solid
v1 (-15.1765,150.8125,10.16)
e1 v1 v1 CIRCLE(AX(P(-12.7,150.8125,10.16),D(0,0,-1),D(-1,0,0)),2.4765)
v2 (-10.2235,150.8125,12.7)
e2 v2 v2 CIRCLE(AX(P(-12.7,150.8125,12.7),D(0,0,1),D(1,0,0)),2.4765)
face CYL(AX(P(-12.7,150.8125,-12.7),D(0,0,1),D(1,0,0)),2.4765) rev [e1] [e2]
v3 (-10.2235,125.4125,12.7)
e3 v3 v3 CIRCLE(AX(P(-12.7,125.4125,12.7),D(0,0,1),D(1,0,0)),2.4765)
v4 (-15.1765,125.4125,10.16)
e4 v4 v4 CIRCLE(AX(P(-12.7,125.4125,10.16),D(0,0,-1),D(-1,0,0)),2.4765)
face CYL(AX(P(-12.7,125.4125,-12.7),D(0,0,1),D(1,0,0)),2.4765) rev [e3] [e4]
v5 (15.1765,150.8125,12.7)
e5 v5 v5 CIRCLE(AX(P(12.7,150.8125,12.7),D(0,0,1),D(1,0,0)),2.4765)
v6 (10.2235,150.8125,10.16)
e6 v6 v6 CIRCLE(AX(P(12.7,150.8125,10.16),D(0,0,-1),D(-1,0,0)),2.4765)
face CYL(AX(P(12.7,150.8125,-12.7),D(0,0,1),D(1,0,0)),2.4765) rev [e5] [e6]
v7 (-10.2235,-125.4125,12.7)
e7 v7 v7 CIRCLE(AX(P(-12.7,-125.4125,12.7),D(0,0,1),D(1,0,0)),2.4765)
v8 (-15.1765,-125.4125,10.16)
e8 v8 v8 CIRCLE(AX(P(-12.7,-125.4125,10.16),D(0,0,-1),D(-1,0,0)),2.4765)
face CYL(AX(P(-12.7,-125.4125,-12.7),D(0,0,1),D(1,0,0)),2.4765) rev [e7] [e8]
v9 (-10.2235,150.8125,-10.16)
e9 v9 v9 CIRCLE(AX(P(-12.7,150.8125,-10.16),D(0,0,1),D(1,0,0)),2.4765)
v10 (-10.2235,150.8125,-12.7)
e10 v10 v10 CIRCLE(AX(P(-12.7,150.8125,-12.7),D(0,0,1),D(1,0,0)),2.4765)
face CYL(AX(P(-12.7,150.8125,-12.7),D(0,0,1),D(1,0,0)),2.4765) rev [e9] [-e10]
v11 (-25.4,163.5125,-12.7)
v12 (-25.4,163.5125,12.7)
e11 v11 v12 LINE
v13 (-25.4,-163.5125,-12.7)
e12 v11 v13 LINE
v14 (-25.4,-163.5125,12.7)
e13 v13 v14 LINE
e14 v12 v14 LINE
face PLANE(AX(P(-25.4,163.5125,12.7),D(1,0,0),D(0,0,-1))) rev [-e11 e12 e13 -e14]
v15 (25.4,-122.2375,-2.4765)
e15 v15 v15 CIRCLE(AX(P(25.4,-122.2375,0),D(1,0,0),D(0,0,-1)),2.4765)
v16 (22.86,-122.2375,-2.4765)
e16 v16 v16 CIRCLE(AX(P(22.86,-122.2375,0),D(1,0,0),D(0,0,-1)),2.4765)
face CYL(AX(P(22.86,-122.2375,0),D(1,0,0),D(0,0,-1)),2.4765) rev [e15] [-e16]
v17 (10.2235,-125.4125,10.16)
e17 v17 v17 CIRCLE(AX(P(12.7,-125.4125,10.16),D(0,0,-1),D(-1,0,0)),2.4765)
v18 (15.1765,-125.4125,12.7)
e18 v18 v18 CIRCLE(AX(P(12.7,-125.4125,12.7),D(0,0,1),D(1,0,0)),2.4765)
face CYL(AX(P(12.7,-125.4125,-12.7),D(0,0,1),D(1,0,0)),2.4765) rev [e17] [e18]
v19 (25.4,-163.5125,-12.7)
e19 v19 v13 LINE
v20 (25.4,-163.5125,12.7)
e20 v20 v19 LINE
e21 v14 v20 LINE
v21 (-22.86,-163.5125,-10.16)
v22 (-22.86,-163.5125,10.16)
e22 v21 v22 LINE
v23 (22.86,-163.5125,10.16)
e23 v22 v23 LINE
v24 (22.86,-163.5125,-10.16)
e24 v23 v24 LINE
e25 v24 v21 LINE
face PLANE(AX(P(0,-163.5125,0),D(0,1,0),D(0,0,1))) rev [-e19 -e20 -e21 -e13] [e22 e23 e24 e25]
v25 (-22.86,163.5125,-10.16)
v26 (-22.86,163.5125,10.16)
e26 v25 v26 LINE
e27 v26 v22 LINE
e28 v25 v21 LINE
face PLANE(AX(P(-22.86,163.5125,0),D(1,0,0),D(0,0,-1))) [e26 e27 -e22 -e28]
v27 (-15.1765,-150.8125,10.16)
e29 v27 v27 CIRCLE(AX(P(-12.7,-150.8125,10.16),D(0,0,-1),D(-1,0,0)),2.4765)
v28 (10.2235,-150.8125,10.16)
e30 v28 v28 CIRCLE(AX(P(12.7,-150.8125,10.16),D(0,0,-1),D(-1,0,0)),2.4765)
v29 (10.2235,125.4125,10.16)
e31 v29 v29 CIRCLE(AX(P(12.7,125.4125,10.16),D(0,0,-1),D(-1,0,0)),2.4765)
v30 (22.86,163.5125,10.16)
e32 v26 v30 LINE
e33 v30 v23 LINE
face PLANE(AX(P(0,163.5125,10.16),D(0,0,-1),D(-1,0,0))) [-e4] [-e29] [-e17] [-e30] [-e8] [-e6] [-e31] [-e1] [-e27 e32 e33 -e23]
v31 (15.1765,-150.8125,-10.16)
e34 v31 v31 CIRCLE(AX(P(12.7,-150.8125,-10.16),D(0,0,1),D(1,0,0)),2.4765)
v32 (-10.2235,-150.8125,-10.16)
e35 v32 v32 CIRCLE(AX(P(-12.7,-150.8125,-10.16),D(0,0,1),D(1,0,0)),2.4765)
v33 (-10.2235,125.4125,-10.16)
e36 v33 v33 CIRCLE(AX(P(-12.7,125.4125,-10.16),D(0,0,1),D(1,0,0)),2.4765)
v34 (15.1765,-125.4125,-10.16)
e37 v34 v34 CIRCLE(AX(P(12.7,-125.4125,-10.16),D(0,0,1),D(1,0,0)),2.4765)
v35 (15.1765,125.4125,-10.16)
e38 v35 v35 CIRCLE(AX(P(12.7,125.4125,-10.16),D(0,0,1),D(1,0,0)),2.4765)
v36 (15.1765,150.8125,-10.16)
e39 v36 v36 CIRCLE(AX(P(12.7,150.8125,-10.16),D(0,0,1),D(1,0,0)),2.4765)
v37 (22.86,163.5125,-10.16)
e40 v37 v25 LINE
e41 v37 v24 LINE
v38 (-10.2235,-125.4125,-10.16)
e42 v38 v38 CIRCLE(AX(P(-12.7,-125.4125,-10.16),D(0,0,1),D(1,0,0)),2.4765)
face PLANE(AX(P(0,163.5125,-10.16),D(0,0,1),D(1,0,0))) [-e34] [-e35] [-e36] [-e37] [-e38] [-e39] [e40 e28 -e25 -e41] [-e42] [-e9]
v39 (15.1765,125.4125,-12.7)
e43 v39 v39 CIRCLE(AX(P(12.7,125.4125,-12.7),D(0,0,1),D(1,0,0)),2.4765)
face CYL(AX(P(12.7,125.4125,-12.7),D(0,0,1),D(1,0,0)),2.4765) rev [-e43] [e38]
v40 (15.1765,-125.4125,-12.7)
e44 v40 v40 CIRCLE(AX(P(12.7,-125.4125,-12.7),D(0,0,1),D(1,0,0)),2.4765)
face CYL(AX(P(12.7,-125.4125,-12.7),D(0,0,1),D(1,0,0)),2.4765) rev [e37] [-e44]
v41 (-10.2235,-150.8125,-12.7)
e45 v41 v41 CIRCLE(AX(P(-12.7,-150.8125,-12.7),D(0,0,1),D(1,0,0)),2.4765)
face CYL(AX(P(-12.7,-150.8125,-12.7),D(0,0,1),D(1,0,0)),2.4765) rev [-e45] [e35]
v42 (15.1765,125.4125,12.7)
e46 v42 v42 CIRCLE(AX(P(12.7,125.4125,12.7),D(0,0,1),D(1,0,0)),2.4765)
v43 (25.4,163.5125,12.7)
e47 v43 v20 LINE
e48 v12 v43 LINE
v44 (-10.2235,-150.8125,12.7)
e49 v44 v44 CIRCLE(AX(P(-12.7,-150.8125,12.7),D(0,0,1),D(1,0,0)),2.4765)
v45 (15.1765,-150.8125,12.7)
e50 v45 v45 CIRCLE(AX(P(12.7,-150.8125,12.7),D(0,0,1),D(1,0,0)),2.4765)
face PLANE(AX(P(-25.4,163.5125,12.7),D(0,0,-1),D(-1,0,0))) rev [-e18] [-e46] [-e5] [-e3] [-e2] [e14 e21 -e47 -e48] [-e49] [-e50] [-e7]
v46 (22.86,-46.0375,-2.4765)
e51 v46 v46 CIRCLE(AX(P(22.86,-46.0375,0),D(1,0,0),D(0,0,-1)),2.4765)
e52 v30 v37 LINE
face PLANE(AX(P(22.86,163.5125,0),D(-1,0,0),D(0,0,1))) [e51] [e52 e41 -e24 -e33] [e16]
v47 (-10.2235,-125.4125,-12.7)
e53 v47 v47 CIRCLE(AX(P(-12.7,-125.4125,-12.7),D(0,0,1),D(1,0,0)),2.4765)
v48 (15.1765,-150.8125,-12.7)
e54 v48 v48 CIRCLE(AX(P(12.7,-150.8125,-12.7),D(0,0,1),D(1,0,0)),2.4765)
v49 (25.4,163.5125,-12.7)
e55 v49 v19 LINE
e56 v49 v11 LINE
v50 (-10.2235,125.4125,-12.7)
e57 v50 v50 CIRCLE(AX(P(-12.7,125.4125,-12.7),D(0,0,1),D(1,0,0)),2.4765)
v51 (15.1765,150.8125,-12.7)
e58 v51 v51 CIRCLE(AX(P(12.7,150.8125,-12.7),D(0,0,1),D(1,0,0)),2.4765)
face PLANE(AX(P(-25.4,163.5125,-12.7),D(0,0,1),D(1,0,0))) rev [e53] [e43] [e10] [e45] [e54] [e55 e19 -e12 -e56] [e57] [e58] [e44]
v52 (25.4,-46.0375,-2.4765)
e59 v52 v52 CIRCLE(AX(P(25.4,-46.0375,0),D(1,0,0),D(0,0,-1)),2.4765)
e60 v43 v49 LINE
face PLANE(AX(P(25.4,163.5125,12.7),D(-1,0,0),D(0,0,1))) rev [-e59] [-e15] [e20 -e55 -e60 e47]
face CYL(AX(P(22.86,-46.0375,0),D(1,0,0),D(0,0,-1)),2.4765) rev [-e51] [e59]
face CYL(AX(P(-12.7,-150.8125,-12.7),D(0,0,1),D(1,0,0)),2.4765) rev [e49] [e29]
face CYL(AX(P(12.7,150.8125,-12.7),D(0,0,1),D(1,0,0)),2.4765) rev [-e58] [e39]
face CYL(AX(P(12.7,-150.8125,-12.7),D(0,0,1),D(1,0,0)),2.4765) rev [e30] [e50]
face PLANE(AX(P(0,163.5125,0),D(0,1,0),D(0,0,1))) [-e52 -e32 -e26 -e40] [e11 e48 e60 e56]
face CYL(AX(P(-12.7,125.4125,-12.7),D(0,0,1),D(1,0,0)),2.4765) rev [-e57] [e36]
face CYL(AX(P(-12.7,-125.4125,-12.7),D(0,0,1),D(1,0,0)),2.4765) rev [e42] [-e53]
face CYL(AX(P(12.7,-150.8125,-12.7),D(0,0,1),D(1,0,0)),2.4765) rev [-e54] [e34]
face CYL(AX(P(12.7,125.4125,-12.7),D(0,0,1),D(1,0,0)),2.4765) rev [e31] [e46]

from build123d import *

# Parameters (mm, degrees)
SKETCH1_W               = 50.8
SKETCH1_H               = 25.4
SKETCH1_W_2             = 45.72
SKETCH1_H_2             = 20.32
EXTRUDE_THIN1_DEPTH     = 163.5125
SKETCH3_R               = 2.4765
CUT_EXTRUDE2_DEPTH      = 13.7
CUT_EXTRUDE2_DEPTH_BACK = 13.7
SKETCH4_R               = 2.4765
CUT_EXTRUDE3_DEPTH      = 2.54


with BuildPart() as part:
    # Sketch1 → Extrude-Thin1 (new body, symmetric)
    with BuildSketch(Plane(origin=(0, 0, 0), x_dir=(1, 0, 0), z_dir=(0, 1, 0))):
        Rectangle(SKETCH1_W, SKETCH1_H)
        Rectangle(SKETCH1_W_2, SKETCH1_H_2, mode=Mode.SUBTRACT)
    extrude(amount=EXTRUDE_THIN1_DEPTH, both=True)

    # Sketch3 → Cut-Extrude2 (cut, two sides)
    with BuildSketch(Plane.XY) as cut_extrude2_sk:
        with Locations((-12.7, -125.4125)):
            Circle(SKETCH3_R)
        with Locations((12.7, -125.4125)):
            Circle(SKETCH3_R)
        with Locations((12.7, -150.8125)):
            Circle(SKETCH3_R)
        with Locations((-12.7, -150.8125)):
            Circle(SKETCH3_R)
        with Locations((12.7, 150.8125)):
            Circle(SKETCH3_R)
        with Locations((12.7, 125.4125)):
            Circle(SKETCH3_R)
        with Locations((-12.7, 125.4125)):
            Circle(SKETCH3_R)
        with Locations((-12.7, 150.8125)):
            Circle(SKETCH3_R)
    extrude(amount=CUT_EXTRUDE2_DEPTH, mode=Mode.SUBTRACT)
    extrude(cut_extrude2_sk.sketch, amount=-CUT_EXTRUDE2_DEPTH_BACK, mode=Mode.SUBTRACT)

    # Sketch4 → Cut-Extrude3 (cut)
    with BuildSketch(Plane(origin=(25.4, 0, 0), x_dir=(0, 0, -1), z_dir=(1, 0, 0))):
        with Locations((0, -46.0375)):
            Circle(SKETCH4_R)
        with Locations((0, -122.2375)):
            Circle(SKETCH4_R)
    extrude(amount=-CUT_EXTRUDE3_DEPTH, mode=Mode.SUBTRACT)


solid = part.part
